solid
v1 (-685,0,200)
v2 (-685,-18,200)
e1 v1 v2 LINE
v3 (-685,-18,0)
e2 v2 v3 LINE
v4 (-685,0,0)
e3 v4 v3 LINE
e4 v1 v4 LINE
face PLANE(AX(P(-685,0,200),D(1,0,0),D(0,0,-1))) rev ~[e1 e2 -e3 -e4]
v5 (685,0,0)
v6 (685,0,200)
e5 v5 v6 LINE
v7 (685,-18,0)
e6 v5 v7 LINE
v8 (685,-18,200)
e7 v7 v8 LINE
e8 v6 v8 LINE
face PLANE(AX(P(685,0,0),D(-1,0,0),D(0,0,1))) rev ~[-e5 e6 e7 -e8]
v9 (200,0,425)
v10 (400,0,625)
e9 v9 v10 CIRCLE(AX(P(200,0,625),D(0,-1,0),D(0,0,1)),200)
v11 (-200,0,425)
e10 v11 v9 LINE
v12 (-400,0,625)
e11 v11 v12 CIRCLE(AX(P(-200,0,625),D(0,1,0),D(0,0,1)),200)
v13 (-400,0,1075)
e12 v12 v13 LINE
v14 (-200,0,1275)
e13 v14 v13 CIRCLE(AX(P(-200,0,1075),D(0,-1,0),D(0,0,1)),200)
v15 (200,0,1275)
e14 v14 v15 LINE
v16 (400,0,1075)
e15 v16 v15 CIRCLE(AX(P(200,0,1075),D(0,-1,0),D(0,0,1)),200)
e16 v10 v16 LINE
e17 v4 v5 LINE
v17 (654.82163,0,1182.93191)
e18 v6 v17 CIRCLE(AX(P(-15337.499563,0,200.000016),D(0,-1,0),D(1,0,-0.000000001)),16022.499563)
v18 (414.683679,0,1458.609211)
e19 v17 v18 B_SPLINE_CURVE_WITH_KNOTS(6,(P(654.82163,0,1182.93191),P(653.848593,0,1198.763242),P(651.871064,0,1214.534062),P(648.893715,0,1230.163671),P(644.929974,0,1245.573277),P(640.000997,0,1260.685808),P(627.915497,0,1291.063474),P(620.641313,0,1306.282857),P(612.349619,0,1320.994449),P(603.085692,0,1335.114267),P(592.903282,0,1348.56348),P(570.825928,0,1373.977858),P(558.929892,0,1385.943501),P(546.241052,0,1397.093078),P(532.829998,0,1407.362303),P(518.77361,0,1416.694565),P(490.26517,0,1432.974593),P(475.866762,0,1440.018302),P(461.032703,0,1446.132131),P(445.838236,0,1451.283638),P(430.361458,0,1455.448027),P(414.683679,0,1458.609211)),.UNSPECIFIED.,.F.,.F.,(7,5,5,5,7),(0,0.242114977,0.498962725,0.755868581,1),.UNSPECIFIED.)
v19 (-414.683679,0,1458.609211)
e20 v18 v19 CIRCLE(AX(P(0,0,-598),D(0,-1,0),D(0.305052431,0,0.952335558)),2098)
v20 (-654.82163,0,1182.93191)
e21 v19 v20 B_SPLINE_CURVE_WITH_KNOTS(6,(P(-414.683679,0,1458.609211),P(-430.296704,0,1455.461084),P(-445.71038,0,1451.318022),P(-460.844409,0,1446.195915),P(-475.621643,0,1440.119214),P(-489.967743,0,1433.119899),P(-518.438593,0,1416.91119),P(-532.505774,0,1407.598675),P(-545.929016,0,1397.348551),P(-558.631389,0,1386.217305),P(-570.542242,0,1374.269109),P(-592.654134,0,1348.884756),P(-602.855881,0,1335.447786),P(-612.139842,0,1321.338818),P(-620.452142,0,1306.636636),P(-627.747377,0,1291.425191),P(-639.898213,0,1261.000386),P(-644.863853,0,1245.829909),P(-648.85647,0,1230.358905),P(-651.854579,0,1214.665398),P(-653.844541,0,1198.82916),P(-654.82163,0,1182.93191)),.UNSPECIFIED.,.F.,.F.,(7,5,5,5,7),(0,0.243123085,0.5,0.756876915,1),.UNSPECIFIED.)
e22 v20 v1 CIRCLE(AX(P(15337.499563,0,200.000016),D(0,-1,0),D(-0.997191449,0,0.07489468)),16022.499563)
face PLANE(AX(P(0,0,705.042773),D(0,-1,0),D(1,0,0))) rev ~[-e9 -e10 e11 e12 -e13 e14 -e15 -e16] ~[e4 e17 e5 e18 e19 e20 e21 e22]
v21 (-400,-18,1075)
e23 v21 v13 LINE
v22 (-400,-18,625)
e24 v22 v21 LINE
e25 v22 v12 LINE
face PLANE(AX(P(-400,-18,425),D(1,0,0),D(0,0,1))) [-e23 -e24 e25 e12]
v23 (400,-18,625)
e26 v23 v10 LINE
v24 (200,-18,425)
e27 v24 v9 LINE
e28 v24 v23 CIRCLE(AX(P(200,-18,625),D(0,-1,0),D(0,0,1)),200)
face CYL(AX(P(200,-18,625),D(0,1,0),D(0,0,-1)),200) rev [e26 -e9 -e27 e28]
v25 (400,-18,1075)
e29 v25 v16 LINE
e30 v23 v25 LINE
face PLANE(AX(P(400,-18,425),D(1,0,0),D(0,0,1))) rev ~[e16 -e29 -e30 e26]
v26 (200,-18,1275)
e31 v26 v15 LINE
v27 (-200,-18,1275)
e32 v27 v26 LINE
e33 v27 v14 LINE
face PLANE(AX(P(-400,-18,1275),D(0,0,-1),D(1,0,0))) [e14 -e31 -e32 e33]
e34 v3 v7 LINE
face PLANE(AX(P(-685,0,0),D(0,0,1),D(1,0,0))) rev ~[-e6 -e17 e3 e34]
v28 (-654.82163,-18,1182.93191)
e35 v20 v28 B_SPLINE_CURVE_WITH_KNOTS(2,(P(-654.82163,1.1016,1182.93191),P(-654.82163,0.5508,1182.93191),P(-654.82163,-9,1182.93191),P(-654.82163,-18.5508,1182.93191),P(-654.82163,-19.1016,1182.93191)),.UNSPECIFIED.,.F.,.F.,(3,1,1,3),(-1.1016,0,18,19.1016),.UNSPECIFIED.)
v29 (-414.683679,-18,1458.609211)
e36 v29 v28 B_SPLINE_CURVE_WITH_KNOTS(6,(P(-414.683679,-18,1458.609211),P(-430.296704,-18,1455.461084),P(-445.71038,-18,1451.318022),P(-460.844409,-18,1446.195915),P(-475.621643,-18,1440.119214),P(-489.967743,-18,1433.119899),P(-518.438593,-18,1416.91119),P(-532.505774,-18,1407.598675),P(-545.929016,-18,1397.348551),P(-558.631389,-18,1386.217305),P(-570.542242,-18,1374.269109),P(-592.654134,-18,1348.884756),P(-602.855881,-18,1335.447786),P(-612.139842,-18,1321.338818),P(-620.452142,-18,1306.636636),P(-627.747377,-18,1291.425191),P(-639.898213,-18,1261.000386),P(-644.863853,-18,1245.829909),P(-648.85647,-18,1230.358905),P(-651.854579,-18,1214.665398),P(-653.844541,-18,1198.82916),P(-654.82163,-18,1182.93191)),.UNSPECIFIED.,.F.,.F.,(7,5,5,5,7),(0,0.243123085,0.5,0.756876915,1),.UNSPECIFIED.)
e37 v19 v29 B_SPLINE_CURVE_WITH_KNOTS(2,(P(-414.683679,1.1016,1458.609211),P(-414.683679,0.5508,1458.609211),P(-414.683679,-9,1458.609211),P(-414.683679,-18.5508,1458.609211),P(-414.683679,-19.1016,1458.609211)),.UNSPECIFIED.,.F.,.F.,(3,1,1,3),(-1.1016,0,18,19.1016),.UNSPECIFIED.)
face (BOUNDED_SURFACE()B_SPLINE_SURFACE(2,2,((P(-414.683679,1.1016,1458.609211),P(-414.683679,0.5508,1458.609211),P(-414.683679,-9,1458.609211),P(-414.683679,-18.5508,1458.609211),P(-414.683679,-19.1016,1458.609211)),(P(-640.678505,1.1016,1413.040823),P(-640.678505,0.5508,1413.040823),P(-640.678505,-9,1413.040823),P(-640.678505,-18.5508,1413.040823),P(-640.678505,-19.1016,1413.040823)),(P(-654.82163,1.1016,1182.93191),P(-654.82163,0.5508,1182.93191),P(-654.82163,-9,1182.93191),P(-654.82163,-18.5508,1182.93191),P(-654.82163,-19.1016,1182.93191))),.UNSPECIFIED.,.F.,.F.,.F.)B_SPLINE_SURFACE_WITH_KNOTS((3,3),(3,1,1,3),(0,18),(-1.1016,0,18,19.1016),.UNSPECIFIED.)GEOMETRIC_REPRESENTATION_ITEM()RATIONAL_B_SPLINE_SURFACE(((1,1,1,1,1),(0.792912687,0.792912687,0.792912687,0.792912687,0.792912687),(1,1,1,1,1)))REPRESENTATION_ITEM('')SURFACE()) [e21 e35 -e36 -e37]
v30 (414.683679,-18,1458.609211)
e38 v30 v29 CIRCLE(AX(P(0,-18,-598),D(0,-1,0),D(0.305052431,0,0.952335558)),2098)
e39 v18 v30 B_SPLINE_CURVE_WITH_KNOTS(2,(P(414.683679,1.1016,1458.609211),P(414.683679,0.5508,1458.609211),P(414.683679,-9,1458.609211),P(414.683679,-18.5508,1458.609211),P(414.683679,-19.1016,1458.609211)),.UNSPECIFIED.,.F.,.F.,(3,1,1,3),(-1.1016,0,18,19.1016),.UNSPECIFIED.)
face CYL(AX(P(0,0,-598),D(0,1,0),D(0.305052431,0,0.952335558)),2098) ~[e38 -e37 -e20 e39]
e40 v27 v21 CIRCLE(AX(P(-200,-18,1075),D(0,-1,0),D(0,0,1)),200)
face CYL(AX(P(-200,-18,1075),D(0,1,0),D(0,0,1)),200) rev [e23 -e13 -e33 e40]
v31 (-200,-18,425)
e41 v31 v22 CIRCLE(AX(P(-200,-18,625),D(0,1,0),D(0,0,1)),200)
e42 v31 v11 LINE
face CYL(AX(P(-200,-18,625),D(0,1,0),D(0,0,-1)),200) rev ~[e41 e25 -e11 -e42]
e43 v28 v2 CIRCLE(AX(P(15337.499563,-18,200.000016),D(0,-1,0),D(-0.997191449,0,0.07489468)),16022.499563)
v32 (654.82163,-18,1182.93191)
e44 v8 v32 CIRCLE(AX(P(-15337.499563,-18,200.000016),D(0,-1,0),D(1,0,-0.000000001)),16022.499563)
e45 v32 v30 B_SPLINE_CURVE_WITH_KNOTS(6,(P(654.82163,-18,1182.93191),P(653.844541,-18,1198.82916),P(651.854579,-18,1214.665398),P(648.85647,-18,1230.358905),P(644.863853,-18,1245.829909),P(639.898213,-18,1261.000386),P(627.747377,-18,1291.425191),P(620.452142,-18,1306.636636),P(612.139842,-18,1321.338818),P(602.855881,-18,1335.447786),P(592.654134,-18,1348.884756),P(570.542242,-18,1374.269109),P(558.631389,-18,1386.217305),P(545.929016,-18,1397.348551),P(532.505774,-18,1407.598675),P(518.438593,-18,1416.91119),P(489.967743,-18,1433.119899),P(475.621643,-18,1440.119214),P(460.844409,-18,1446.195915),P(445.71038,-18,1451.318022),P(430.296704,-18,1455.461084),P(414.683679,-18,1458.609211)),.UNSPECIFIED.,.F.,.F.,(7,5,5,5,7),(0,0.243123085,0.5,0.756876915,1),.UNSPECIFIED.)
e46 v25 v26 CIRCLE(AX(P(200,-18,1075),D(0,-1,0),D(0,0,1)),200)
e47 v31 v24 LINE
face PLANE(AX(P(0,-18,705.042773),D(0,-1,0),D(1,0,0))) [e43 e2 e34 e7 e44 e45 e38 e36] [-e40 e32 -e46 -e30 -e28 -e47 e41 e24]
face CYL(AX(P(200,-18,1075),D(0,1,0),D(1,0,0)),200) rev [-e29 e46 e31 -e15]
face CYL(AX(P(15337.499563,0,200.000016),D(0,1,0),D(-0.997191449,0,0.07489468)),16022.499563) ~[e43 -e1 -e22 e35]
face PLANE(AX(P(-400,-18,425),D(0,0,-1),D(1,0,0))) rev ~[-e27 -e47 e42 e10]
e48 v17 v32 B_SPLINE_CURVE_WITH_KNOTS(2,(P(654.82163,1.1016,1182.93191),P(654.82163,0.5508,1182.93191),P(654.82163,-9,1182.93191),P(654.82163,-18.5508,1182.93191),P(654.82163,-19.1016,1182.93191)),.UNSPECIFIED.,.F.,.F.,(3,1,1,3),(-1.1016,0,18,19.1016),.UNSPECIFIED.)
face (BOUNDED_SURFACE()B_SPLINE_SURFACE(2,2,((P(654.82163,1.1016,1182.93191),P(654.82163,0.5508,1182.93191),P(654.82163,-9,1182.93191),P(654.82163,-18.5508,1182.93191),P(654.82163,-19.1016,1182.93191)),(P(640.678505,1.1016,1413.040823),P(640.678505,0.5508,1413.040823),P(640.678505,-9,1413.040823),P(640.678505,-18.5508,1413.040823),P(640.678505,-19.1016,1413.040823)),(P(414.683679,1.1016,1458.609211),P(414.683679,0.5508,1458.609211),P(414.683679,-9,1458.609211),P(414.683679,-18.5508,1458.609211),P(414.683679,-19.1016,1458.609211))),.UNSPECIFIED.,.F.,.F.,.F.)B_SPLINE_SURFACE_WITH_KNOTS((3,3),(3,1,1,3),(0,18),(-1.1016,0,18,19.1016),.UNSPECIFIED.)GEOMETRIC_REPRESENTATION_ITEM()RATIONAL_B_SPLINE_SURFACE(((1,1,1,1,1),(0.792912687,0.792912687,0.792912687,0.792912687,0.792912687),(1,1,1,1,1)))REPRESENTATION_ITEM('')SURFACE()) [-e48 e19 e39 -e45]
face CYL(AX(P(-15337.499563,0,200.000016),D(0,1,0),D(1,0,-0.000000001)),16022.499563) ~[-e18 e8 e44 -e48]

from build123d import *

# Parameters (mm, degrees)
F1_DEPTH = 18
F2_R     = 300
F3_W     = 800
F3_H     = 850
F4_DEPTH = 18.001
F5_R     = 200


with BuildPart() as f1:
    # F0 (on Front) → F1 (new body)
    with BuildSketch(Plane.XZ):
        with BuildLine():
            Line((-685, 200), (-685, 0))
            Line((-685, 0), (685, 0))
            Line((685, 0), (685, 200))
            ThreePointArc((685, 200), (673.746048, 800.421727), (640, 1400))
            ThreePointArc((640, 1400), (0, 1500), (-640, 1400))
            ThreePointArc((-640, 1400), (-673.746048, 800.421727), (-685, 200))
        make_face()
    extrude(amount=F1_DEPTH)

    # F2
    f2_edges = [f1.edges().sort_by_distance(p)[0] for p in [
        (-640, -9, 1400),
        (640, -9, 1400),
    ]]
    fillet(f2_edges, radius=F2_R)

    # F3 (on face) → F4 (cut, through all)
    with BuildSketch(Plane.XZ.offset(18)):
        with Locations((0, 850)):
            Rectangle(F3_W, F3_H)
    extrude(amount=-F4_DEPTH, mode=Mode.SUBTRACT)

    # F5
    f5_edges = [f1.edges().sort_by_distance(p)[0] for p in [
        (-400, -9, 425),
        (-400, -9, 1275),
        (400, -9, 425),
        (400, -9, 1275),
    ]]
    fillet(f5_edges, radius=F5_R)


solid = f1.part
